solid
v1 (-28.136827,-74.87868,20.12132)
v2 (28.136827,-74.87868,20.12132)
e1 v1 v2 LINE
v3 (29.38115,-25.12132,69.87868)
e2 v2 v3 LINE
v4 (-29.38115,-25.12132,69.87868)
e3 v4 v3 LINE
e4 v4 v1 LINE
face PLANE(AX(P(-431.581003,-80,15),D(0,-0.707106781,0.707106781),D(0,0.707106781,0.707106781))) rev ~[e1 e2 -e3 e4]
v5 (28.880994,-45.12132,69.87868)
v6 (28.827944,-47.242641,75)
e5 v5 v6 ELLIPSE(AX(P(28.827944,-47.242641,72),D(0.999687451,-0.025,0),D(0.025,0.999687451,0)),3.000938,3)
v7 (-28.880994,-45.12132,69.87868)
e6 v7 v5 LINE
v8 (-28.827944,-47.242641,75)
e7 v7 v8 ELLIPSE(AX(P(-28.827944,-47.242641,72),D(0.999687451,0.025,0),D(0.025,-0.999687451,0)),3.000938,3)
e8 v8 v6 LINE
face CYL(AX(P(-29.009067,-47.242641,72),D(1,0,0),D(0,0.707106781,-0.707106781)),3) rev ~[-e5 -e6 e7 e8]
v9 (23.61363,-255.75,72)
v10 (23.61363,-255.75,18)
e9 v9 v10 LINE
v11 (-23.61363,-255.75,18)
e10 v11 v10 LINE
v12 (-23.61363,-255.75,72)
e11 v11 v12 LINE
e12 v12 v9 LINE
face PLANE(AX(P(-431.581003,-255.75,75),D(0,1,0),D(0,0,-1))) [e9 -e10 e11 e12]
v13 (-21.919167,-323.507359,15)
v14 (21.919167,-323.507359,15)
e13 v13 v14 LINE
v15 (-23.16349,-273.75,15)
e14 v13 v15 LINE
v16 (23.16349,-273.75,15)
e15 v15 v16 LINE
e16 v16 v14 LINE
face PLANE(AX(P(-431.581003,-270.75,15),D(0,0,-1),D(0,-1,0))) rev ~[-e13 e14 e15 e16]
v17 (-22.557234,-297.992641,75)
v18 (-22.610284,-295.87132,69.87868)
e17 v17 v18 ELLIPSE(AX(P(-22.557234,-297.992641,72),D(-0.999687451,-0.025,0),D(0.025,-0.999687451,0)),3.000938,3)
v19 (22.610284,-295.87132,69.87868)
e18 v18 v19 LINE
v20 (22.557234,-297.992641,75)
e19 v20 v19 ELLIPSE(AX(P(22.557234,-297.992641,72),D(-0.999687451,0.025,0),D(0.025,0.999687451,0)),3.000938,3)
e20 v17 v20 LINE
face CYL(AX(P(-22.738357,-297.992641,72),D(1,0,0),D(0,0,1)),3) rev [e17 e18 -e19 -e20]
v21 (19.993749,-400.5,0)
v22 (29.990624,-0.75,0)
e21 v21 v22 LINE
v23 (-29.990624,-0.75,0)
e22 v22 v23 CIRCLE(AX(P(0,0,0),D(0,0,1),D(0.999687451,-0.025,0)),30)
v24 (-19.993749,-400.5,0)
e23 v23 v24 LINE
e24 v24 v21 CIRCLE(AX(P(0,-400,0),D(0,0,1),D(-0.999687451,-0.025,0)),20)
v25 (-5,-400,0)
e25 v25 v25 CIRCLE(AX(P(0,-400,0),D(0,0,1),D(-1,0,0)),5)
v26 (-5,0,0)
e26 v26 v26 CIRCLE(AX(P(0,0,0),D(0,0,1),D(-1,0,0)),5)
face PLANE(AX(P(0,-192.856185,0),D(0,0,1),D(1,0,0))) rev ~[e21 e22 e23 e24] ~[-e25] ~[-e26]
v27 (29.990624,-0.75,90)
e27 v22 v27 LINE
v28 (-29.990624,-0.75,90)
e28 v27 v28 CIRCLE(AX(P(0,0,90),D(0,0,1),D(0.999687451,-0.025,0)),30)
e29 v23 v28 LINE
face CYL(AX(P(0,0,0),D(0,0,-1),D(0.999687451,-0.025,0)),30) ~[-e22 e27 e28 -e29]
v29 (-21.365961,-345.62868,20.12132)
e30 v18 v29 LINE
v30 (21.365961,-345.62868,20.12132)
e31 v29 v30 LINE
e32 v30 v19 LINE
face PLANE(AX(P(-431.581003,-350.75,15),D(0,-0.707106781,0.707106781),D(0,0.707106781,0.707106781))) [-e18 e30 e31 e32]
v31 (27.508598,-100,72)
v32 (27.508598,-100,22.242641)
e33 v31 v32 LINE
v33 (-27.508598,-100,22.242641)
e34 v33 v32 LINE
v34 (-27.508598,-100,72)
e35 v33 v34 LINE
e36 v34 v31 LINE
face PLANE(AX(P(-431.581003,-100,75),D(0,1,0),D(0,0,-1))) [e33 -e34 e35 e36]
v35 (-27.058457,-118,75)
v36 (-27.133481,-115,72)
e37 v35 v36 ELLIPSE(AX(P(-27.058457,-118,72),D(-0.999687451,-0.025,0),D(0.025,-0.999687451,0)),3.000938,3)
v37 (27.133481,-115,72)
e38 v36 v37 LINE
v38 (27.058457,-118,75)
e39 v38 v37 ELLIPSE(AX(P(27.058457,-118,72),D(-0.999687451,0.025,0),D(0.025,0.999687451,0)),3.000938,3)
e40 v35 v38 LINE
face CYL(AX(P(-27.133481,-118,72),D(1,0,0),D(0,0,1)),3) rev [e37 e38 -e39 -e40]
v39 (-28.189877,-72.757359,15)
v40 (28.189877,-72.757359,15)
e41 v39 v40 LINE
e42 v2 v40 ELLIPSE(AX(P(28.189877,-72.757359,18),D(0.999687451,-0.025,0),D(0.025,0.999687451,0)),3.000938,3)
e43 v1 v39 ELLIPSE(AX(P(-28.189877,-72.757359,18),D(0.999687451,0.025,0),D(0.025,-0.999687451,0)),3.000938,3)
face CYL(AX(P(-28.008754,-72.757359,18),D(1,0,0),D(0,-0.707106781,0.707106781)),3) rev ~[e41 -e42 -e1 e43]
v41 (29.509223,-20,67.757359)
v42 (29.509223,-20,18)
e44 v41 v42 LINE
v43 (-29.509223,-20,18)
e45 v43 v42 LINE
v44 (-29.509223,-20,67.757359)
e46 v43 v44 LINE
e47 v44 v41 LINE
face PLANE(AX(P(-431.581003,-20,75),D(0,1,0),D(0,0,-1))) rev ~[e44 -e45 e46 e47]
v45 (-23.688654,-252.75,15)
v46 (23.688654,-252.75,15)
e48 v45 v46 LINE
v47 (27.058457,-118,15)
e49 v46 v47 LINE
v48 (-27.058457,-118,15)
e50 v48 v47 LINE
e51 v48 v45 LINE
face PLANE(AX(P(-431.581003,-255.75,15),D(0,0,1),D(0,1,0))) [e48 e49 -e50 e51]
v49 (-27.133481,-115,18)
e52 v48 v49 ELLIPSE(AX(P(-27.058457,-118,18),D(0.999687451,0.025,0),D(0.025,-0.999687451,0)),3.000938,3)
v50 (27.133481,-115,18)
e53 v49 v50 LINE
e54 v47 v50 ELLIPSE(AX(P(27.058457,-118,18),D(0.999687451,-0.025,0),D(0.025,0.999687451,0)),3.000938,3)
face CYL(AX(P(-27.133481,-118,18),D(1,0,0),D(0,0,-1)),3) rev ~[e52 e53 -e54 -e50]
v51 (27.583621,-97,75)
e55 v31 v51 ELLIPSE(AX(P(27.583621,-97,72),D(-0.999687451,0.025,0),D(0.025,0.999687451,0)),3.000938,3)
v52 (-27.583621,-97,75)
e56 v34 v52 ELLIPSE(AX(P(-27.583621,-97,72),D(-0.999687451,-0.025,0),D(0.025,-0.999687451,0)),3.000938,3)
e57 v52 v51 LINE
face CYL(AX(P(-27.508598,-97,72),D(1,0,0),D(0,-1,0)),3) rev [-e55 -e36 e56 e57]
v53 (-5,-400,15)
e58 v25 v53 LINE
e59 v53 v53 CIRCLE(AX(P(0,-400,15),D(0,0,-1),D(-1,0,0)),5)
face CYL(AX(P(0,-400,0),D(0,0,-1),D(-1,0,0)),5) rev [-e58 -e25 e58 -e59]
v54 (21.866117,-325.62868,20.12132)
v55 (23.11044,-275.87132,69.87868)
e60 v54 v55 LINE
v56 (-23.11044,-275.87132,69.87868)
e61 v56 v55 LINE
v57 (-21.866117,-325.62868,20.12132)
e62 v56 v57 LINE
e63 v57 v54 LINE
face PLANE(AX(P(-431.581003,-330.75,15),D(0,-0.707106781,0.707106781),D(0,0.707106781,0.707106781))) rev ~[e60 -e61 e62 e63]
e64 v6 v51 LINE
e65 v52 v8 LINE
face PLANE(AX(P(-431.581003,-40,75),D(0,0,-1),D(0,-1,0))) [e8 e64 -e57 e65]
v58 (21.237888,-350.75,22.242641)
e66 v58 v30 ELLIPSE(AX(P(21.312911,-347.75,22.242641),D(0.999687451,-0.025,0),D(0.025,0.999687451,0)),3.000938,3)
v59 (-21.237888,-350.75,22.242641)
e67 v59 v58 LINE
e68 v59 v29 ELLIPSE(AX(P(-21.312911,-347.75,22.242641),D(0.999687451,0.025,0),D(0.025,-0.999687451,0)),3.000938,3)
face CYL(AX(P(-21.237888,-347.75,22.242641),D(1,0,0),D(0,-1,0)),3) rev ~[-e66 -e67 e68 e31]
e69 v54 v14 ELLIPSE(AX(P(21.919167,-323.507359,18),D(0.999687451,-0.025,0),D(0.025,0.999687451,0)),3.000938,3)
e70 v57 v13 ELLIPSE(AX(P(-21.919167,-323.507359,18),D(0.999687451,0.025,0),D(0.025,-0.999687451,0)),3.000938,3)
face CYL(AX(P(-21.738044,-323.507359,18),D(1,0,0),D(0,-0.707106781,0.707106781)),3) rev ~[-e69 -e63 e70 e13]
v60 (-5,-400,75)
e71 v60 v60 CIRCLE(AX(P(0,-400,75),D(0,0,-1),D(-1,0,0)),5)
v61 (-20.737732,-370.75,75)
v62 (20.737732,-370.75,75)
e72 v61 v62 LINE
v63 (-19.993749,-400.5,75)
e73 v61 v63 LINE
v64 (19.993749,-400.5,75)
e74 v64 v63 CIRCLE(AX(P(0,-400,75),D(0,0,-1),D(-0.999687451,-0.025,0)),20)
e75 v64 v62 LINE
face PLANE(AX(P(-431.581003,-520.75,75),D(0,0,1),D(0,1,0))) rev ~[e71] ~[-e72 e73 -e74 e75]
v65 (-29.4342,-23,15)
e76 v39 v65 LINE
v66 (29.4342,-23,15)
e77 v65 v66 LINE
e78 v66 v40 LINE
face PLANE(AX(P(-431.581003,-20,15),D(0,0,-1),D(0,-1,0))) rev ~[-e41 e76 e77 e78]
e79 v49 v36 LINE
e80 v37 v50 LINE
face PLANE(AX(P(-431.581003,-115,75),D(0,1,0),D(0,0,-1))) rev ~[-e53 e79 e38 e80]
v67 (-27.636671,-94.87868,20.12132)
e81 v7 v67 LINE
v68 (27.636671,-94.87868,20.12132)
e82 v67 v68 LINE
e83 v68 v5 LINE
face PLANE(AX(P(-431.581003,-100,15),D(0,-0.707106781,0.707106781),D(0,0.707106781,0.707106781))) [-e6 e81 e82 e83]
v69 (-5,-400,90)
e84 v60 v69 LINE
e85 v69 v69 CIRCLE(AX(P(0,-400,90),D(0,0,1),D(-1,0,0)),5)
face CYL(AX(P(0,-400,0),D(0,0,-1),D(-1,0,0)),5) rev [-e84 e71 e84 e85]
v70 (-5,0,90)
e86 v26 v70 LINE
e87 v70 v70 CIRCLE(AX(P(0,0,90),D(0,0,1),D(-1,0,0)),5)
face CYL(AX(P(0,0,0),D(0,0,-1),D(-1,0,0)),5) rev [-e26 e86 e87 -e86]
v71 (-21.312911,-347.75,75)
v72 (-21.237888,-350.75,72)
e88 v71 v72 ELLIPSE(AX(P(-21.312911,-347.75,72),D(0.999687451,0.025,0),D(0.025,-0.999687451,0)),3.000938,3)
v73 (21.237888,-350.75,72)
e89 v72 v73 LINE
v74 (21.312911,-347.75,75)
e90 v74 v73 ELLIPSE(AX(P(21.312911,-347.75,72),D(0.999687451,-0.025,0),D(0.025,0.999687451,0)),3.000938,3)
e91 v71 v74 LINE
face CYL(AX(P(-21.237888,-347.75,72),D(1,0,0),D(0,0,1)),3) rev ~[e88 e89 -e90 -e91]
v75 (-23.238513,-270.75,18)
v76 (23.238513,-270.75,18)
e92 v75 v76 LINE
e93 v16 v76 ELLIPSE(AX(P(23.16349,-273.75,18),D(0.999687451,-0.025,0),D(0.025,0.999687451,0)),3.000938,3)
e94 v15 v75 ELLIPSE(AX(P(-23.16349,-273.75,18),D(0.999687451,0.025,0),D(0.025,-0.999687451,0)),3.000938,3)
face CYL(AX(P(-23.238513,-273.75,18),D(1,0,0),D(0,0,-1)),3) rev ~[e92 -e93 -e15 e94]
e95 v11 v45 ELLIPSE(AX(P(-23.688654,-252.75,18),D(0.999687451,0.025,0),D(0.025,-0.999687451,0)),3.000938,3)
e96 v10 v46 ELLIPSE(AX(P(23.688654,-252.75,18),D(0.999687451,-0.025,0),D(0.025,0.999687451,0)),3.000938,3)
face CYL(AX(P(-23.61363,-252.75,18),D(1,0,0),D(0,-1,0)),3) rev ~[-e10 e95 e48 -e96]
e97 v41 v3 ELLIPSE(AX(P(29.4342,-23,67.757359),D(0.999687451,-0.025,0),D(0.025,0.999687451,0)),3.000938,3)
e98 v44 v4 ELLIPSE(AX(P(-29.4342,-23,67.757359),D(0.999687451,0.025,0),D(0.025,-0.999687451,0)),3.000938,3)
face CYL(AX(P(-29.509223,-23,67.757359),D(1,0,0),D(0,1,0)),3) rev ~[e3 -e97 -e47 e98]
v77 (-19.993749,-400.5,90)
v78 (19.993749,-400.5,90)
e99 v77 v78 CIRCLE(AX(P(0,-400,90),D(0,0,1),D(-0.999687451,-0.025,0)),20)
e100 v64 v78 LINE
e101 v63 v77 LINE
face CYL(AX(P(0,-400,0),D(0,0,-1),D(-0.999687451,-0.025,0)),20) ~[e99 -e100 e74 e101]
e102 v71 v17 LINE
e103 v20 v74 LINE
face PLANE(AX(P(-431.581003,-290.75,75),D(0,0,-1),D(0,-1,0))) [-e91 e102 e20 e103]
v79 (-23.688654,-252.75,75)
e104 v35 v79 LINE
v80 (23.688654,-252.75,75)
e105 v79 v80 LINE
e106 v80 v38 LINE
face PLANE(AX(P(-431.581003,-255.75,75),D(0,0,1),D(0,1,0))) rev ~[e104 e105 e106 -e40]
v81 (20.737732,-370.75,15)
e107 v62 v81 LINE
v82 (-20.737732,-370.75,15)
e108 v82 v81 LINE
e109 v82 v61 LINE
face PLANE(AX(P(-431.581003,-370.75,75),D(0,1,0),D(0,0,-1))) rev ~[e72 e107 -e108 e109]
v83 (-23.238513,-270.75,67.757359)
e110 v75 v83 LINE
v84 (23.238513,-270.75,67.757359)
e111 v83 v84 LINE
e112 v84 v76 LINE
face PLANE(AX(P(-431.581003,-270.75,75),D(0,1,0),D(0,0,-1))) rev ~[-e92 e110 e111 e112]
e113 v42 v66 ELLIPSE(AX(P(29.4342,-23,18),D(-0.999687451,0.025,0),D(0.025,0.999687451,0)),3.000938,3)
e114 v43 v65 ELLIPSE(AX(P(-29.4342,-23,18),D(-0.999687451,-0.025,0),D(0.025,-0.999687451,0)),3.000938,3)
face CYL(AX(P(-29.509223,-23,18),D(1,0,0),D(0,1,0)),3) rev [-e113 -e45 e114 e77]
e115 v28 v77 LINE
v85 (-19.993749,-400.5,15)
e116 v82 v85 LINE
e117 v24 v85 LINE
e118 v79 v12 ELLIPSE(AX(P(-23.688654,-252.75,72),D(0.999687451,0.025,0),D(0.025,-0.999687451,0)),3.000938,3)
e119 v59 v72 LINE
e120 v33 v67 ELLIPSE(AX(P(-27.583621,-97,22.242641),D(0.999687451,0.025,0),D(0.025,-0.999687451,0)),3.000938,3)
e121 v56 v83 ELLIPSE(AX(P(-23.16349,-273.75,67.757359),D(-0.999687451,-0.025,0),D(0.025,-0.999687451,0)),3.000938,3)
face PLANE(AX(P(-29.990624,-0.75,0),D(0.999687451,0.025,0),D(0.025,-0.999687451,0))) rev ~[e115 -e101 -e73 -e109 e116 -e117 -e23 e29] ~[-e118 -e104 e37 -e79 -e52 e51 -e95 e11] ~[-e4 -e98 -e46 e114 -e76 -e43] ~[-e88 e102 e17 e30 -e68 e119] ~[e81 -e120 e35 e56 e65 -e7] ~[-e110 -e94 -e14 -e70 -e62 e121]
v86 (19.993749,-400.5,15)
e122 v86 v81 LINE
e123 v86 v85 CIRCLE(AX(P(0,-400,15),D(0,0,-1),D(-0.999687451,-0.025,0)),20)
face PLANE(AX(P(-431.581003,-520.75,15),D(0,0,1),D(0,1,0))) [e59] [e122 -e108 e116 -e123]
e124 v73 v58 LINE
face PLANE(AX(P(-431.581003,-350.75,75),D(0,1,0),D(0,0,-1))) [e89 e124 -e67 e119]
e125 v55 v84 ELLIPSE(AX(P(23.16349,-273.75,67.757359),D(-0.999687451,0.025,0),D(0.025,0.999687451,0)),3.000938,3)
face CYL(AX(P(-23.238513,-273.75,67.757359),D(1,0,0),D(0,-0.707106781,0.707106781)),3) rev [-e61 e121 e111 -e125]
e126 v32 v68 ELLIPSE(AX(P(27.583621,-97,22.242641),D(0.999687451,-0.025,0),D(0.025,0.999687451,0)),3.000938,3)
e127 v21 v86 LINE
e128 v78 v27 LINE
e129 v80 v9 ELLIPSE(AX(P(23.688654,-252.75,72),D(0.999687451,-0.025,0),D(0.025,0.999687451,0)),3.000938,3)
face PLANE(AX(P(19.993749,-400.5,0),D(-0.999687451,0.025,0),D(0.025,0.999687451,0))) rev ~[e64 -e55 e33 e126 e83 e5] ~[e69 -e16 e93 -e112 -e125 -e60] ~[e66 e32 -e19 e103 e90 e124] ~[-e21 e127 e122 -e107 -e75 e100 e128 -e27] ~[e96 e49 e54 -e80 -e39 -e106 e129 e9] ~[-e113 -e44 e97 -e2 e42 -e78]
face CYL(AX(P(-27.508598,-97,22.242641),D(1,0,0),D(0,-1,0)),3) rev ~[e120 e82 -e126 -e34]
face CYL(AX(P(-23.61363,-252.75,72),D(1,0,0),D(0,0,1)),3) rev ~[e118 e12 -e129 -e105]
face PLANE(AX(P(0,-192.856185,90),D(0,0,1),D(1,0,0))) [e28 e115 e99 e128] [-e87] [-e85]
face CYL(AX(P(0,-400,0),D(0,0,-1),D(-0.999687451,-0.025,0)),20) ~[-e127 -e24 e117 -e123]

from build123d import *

# Parameters (mm, degrees)
SKETCH_1_R               = 5
EXTRUDE_1_DEPTH          = 90
CUT_EXTRUDE_1_DEPTH      = 431.581002832
CUT_EXTRUDE_1_DEPTH_BACK = 431.581002832
SKETCH_2_W               = 60
SKETCH_2_H               = 150
SKETCH_2_H_2             = 140.75
FILLET_1_R               = 3


with BuildPart() as part:
    # 草图1 → 凸台-拉伸1 (new body)
    with BuildSketch(Plane.XY):
        with BuildLine():
            Line((-29.990623535, -0.75), (-19.993749023, -400.5))
            ThreePointArc((-19.993749023, -400.5), (0, -420), (19.993749023, -400.5))
            Line((19.993749023, -400.5), (29.990623535, -0.75))
            ThreePointArc((29.990623535, -0.75), (0, 30), (-29.990623535, -0.75))
        make_face()
        with Locations(Location((0, 0, 0), (0, 0, 180))):
            Circle(SKETCH_1_R, mode=Mode.SUBTRACT)
        with Locations(Location((0, -400, 0), (0, 0, 180))):
            Circle(SKETCH_1_R, mode=Mode.SUBTRACT)
    extrude(amount=EXTRUDE_1_DEPTH)

    # 草图2 → 切除-拉伸1 (cut, two sides: drawn at the far end of the back side and taken through both)
    with BuildSketch(Plane(origin=(0, 0, 0), x_dir=(0, 0, -1), z_dir=(1, 0, 0)).offset(-CUT_EXTRUDE_1_DEPTH_BACK)):
        with Locations((-45, -445.75)):
            Rectangle(SKETCH_2_W, SKETCH_2_H)
        Polygon((-75, -20), (-15, -20), (-15, -80), align=None)
        Polygon((-75, -40), (-75, -100), (-15, -100), align=None)
        Polygon((-15, -330.75), (-75, -270.75), (-15, -270.75), align=None)
        Polygon((-15, -350.75), (-75, -290.75), (-75, -350.75), align=None)
        with Locations((-45, -185.375)):
            Rectangle(SKETCH_2_W, SKETCH_2_H_2)
    extrude(amount=CUT_EXTRUDE_1_DEPTH + CUT_EXTRUDE_1_DEPTH_BACK, mode=Mode.SUBTRACT)

    # 圆角1
    fillet_1_edges = [part.edges().sort_by_distance(p)[0] for p in [
        (0, -270.75, 75),
        (0, -270.75, 15),
        (0, -330.75, 15),
        (0, -255.75, 75),
        (0, -115, 75),
        (0, -115, 15),
        (0, -255.75, 15),
        (0, -350.75, 15),
        (0, -350.75, 75),
        (0, -290.75, 75),
        (0, -40, 75),
        (0, -100, 15),
        (0, -100, 75),
        (0, -80, 15),
        (0, -20, 75),
        (0, -20, 15),
    ]]
    fillet(fillet_1_edges, radius=FILLET_1_R)


solid = part.part
